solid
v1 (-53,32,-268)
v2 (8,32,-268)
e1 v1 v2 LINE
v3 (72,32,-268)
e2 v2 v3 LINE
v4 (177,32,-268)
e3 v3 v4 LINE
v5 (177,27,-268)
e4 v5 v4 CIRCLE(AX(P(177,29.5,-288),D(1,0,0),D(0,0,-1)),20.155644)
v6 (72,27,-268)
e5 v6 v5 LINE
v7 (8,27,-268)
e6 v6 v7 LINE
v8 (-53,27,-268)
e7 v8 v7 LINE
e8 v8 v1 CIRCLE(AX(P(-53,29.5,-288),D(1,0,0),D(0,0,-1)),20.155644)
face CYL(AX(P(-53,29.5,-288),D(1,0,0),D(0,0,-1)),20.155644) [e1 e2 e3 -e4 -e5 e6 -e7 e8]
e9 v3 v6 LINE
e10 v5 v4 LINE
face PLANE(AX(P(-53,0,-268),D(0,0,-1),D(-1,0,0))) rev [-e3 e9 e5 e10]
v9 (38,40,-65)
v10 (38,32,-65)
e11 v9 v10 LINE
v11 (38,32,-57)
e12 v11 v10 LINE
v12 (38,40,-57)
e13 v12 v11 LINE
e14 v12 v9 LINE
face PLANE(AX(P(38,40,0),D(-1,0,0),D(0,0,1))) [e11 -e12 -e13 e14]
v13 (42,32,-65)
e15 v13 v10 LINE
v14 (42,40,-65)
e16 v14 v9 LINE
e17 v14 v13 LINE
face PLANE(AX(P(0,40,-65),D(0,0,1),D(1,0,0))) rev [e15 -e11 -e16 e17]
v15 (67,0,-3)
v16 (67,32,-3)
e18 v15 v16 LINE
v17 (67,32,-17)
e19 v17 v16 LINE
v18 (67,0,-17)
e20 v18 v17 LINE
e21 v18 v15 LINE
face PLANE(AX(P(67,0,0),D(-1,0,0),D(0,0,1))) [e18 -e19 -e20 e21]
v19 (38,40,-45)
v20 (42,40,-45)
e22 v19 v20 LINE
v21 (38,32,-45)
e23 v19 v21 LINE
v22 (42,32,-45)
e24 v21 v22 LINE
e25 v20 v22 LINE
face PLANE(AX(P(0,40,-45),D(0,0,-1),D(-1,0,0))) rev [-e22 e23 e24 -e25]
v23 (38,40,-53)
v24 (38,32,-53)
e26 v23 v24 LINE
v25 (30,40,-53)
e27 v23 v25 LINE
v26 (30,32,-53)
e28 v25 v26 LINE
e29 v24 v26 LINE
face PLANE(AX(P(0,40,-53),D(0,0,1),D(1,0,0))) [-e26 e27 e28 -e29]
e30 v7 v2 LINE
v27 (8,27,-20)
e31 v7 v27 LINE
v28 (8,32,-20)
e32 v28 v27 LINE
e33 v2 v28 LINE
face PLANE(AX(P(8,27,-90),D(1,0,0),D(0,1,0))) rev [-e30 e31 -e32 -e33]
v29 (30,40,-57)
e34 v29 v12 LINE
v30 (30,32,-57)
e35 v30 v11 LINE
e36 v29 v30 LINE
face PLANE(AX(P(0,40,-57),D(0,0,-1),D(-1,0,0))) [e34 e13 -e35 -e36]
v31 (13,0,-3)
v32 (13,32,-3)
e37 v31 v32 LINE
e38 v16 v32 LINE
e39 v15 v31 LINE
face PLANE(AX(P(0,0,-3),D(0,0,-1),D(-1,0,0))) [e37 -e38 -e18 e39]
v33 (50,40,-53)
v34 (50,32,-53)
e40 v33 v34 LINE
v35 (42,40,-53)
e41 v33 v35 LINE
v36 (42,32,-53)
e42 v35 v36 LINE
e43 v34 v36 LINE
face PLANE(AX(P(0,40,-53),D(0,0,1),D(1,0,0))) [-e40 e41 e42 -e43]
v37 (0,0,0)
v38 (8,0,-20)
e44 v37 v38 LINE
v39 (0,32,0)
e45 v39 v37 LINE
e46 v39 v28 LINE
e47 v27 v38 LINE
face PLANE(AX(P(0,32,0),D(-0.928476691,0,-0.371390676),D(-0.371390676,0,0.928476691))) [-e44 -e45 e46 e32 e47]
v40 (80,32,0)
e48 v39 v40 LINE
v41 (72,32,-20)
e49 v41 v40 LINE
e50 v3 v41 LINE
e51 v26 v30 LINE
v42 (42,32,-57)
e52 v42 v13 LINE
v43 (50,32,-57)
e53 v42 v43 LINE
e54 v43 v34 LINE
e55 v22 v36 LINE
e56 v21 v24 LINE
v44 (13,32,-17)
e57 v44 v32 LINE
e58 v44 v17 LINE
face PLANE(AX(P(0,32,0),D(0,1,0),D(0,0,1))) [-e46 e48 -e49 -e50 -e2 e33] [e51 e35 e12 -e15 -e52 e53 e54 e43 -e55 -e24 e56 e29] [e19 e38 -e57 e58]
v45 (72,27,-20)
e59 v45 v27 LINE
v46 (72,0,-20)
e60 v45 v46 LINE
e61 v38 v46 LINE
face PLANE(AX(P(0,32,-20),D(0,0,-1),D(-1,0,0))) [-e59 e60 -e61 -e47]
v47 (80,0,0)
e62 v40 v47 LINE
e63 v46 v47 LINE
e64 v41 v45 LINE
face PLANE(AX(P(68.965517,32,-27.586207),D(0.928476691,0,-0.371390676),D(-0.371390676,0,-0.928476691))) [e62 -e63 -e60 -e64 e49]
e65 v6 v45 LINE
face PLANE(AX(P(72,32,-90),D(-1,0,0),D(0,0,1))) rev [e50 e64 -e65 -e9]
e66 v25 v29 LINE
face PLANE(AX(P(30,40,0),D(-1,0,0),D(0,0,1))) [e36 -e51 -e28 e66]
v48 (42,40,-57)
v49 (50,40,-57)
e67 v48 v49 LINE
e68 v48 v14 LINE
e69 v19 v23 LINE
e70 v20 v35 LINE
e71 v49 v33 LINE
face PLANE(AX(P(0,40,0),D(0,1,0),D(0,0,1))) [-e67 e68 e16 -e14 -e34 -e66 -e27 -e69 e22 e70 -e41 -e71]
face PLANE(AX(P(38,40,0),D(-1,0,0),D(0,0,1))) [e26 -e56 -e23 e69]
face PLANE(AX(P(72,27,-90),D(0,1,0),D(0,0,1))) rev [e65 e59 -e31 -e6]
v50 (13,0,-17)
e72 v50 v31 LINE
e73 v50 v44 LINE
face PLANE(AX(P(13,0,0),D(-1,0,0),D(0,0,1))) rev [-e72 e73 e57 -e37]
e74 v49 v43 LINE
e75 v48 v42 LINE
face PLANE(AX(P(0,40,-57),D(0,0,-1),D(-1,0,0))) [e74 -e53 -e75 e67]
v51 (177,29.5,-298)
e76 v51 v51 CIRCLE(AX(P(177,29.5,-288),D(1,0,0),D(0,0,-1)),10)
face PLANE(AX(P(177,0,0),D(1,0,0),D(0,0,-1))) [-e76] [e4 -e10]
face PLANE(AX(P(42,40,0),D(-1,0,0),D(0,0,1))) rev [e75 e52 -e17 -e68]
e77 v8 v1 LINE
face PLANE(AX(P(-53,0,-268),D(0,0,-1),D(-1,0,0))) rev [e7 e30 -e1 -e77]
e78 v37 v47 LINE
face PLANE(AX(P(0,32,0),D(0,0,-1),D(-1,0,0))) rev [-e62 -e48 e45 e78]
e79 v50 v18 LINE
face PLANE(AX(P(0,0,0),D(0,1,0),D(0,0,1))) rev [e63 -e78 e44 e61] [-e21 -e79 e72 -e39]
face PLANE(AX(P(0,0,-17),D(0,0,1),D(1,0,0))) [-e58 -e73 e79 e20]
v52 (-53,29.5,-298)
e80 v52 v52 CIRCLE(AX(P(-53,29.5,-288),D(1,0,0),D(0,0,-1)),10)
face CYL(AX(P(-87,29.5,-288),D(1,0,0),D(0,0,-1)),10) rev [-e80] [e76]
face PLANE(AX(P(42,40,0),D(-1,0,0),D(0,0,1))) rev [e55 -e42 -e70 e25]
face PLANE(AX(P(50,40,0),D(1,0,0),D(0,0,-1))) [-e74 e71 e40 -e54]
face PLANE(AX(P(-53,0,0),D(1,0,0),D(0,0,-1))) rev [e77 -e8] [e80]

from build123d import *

# Parameters (mm, degrees)
BOSS_EXTRUDE2_DEPTH      = 32
SKETCH5_W                = 54
SKETCH5_H                = 14
CUT_EXTRUDE1_DEPTH       = 32
SKETCH6_W                = 64
SKETCH6_H                = 5
BOSS_EXTRUDE3_DEPTH      = 70
SKETCH7_W                = 2
SKETCH7_H                = 8
SKETCH7_H_2              = 2
SKETCH7_W_2              = 8
BOSS_EXTRUDE4_DEPTH      = 8
SKETCH8_W                = 64
SKETCH8_H                = 5
BOSS_EXTRUDE5_DEPTH      = 178
BOSS_EXTRUDE7_DEPTH      = 105
BOSS_EXTRUDE7_DEPTH_BACK = 125
CUT_EXTRUDE4_DEPTH       = 264


with BuildPart() as part:
    # Sketch4 → Boss-Extrude2 (new body)
    with BuildSketch(Plane(origin=(0, 0, 0), x_dir=(1, 0, 0), z_dir=(0, 1, 0))):
        Polygon((8, 20), (0, 0), (80, 0), (72, 20), align=None)
    extrude(amount=BOSS_EXTRUDE2_DEPTH)

    # Sketch5 → Cut-Extrude1 (cut)
    with BuildSketch(Plane(origin=(0, 32, 0), x_dir=(1, 0, 0), z_dir=(0, 1, 0))):
        with Locations((40, 10)):
            Rectangle(SKETCH5_W, SKETCH5_H)
    extrude(amount=-CUT_EXTRUDE1_DEPTH, mode=Mode.SUBTRACT)

    # Sketch6 → Boss-Extrude3 (add)
    with BuildSketch(Plane(origin=(0, 0, -20), x_dir=(-1, 0, 0), z_dir=(0, 0, -1))):
        with Locations((-40, 29.5)):
            Rectangle(SKETCH6_W, SKETCH6_H)
    extrude(amount=BOSS_EXTRUDE3_DEPTH)

    # Sketch7 → Boss-Extrude4 (add)
    with BuildSketch(Plane(origin=(0, 32, 0), x_dir=(1, 0, 0), z_dir=(0, 1, 0))):
        with Locations((41, 61)):
            Rectangle(SKETCH7_W, SKETCH7_H)
        with Locations((39, 61)):
            Rectangle(SKETCH7_W, SKETCH7_H)
        with Locations((39, 56)):
            Rectangle(SKETCH7_W, SKETCH7_H_2)
        with Locations((41, 56)):
            Rectangle(SKETCH7_W, SKETCH7_H_2)
        with Locations((34, 56)):
            Rectangle(SKETCH7_W_2, SKETCH7_H_2)
        with Locations((34, 54)):
            Rectangle(SKETCH7_W_2, SKETCH7_H_2)
        with Locations((39, 54)):
            Rectangle(SKETCH7_W, SKETCH7_H_2)
        with Locations((41, 54)):
            Rectangle(SKETCH7_W, SKETCH7_H_2)
        with Locations((41, 49)):
            Rectangle(SKETCH7_W, SKETCH7_H)
        with Locations((39, 49)):
            Rectangle(SKETCH7_W, SKETCH7_H)
        with Locations((46, 54)):
            Rectangle(SKETCH7_W_2, SKETCH7_H_2)
        with Locations((46, 56)):
            Rectangle(SKETCH7_W_2, SKETCH7_H_2)
    extrude(amount=BOSS_EXTRUDE4_DEPTH)

    # Sketch8 → Boss-Extrude5 (add)
    with BuildSketch(Plane(origin=(0, 0, -90), x_dir=(-1, 0, 0), z_dir=(0, 0, -1))):
        with Locations((-40, 29.5)):
            Rectangle(SKETCH8_W, SKETCH8_H)
    extrude(amount=BOSS_EXTRUDE5_DEPTH)

    # Sketch13 → Boss-Extrude7 (add, two sides: drawn at the far end of the back side and taken through both)
    with BuildSketch(Plane(origin=(72, 0, 0), x_dir=(0, 0, -1), z_dir=(1, 0, 0)).offset(-BOSS_EXTRUDE7_DEPTH_BACK)):
        with BuildLine():
            ThreePointArc((268, 27), (289.252420174, 9.383304354), (308.155644371, 29.5))
            ThreePointArc((308.155644371, 29.5), (289.252420174, 49.616695646), (268, 32))
            Line((268, 32), (268, 29.5))
            Line((268, 29.5), (268, 27))
        make_face()
    extrude(amount=BOSS_EXTRUDE7_DEPTH + BOSS_EXTRUDE7_DEPTH_BACK)

    # Sketch14 → Cut-Extrude4 (cut)
    with BuildSketch(Plane(origin=(177, 0, 0), x_dir=(0, 0, -1), z_dir=(1, 0, 0))):
        with BuildLine():
            ThreePointArc((298, 29.5), (295.071067812, 36.571067812), (288, 39.5))
            Line((288, 39.5), (288, 19.5))
            ThreePointArc((288, 19.5), (295.071067812, 22.428932188), (298, 29.5))
        make_face()
        with BuildLine():
            Line((288, 19.5), (288, 39.5))
            ThreePointArc((288, 39.5), (278, 29.5), (288, 19.5))
        make_face()
    extrude(amount=-CUT_EXTRUDE4_DEPTH, mode=Mode.SUBTRACT)


solid = part.part
